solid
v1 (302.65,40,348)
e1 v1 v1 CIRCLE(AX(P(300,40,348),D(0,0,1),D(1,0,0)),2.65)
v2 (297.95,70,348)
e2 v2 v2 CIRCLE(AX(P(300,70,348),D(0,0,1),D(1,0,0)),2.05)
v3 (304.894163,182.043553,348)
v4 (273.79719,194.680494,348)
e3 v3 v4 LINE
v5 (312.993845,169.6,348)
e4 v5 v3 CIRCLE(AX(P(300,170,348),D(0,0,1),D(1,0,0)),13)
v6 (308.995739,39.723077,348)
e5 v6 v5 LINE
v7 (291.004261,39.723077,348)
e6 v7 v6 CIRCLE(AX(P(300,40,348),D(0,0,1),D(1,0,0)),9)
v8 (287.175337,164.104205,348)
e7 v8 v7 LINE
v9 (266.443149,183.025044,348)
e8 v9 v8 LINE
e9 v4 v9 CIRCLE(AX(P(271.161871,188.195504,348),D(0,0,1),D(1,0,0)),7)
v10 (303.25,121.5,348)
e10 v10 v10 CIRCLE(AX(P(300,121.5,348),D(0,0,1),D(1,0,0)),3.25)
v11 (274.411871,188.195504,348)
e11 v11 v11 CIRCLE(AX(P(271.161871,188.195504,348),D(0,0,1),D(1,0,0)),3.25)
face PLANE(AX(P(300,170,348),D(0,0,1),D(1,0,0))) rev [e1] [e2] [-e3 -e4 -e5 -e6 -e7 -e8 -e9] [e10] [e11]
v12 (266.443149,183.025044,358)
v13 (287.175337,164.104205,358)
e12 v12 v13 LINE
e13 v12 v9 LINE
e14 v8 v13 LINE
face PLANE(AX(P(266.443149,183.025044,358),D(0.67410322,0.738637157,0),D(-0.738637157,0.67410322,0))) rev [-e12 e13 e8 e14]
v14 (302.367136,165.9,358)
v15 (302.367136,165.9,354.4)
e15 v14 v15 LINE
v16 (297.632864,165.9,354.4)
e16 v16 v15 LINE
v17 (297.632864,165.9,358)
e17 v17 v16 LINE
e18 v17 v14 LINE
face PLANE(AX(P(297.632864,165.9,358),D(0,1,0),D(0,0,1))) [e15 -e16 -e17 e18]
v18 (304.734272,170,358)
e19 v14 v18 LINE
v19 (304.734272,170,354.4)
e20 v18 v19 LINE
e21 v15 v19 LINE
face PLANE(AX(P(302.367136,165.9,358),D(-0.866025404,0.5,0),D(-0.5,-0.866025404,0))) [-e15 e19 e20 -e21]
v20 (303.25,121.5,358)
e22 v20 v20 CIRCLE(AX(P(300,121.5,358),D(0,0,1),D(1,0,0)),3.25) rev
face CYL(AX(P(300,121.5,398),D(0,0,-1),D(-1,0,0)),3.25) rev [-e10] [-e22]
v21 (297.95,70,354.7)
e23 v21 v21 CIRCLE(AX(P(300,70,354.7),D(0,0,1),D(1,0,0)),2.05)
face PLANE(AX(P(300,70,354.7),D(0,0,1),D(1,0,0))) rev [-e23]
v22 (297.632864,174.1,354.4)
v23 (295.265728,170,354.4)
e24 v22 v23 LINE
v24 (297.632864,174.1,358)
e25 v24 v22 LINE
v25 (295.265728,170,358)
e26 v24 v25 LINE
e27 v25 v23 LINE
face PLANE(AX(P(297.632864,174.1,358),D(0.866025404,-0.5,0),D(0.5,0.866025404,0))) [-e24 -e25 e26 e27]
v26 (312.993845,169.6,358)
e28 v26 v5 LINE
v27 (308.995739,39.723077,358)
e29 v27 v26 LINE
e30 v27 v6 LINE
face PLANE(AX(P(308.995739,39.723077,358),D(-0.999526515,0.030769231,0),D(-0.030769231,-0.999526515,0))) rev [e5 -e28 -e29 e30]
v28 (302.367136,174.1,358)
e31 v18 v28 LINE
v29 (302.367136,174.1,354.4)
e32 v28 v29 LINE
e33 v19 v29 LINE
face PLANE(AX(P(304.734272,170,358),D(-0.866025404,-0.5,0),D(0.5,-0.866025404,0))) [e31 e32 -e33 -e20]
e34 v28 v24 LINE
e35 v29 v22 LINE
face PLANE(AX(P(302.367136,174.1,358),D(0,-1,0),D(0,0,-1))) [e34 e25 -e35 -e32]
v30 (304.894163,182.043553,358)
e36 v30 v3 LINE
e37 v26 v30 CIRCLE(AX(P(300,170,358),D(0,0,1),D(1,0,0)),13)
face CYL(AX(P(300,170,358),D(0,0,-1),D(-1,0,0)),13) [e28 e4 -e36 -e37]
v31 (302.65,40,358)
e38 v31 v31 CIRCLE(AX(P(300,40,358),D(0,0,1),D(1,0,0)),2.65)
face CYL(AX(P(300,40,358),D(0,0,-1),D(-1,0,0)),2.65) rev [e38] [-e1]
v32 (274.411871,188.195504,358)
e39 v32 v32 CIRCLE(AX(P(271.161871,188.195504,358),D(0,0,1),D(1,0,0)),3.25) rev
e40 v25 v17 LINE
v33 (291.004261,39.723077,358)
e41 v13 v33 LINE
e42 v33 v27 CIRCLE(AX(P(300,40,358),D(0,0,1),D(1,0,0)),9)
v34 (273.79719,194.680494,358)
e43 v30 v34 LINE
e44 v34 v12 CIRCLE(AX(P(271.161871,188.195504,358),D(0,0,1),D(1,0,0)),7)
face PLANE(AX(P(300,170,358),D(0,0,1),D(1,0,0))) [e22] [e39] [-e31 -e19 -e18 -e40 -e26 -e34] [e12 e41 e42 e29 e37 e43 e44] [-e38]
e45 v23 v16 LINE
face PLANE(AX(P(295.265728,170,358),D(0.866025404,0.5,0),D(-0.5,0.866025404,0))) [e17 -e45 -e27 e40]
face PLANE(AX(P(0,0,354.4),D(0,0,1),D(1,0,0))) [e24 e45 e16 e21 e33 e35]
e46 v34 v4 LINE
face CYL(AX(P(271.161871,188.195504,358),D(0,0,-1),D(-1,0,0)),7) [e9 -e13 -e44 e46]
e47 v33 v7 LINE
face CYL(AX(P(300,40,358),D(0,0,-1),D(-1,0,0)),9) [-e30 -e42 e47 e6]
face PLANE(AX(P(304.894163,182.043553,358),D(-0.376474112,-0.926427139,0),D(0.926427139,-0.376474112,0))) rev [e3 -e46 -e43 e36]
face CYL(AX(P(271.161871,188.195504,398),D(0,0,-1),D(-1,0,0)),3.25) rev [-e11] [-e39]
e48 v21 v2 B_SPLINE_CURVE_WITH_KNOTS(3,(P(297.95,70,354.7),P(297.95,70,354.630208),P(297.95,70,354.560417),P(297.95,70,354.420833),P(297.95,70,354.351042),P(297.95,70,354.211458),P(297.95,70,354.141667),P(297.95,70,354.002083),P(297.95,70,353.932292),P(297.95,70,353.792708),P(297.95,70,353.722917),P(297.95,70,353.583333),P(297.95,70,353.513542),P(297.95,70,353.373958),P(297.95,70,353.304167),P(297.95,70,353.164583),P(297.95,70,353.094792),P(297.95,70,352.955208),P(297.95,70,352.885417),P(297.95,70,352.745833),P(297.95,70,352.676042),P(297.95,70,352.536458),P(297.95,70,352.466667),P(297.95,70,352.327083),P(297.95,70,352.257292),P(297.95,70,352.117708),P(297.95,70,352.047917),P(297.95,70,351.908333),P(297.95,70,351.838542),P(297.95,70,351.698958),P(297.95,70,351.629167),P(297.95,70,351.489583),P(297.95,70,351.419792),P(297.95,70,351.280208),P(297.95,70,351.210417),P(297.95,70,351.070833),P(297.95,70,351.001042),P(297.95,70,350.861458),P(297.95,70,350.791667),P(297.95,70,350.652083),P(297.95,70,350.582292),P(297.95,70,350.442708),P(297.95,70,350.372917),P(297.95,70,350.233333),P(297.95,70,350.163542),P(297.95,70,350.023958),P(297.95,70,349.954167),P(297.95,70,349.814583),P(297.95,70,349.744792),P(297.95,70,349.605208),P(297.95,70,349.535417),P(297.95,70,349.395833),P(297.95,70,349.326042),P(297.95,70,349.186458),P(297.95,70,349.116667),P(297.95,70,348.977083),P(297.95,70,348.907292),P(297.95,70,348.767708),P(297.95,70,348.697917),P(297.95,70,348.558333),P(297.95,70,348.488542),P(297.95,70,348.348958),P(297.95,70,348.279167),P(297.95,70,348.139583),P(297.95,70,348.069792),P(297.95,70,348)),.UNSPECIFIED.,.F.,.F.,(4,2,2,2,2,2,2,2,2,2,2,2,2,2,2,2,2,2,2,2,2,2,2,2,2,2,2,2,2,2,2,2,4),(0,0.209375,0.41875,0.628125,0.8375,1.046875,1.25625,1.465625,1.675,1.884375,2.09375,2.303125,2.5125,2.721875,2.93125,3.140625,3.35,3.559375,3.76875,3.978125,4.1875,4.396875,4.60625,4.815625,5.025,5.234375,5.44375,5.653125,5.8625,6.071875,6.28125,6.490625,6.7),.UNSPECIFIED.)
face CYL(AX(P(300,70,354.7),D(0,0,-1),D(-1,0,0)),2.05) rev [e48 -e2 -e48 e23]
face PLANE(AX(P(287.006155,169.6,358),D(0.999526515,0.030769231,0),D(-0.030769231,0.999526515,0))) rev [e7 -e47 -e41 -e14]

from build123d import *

# Parameters (mm, degrees)
SKETCH1_R           = 2.6
SKETCH1_R_2         = 2.65
BOSS_EXTRUDE1_DEPTH = 10
BOSS_EXTRUDE2_DEPTH = 10
CUT_EXTRUDE1_DEPTH  = 3.6
SKETCH4_R           = 3.25
CUT_EXTRUDE2_DEPTH  = 50
SKETCH5_R           = 2.05
CUT_EXTRUDE3_DEPTH  = 6.7


with BuildPart() as part:
    # Sketch1 → Boss-Extrude1 (new body)
    with BuildSketch(Plane.XY.offset(348)):
        with BuildLine():
            Line((287.006155303, 169.6), (291.004261364, 39.723076923))
            ThreePointArc((291.004261364, 39.723076923), (300, 31), (308.995738636, 39.723076923))
            Line((308.995738636, 39.723076923), (312.993844697, 169.6))
            ThreePointArc((312.993844697, 169.6), (300, 183), (287.006155303, 169.6))
        make_face()
        with Locations((300, 170)):
            Circle(SKETCH1_R, mode=Mode.SUBTRACT)
        with Locations((300, 40)):
            Circle(SKETCH1_R_2, mode=Mode.SUBTRACT)
    extrude(amount=BOSS_EXTRUDE1_DEPTH)

    # Sketch2 → Boss-Extrude2 (add)
    with BuildSketch(Plane.XY.offset(348)):
        with BuildLine():
            Line((304.894163453, 182.043552802), (273.797189857, 194.680494259))
            ThreePointArc((273.797189857, 194.680494259), (265.241776322, 191.9308059), (266.443148538, 183.025044191))
            Line((266.443148538, 183.025044191), (291.236658146, 160.397716962))
            ThreePointArc((291.236658146, 160.397716962), (310.994461682, 163.063011293), (304.894163453, 182.043552802))
        make_face()
    extrude(amount=BOSS_EXTRUDE2_DEPTH)

    # Sketch3 → Cut-Extrude1 (cut)
    with BuildSketch(Plane.XY.offset(354.4)):
        Polygon((304.734272207, 170), (302.367136104, 174.1), (297.632863896, 174.1), (295.265727793, 170), (297.632863896, 165.9), (302.367136104, 165.9), align=None)
    extrude(amount=CUT_EXTRUDE1_DEPTH, mode=Mode.SUBTRACT)

    # Sketch4 → Cut-Extrude2 (cut)
    with BuildSketch(Plane.XY.offset(348)):
        with Locations((300, 121.5)):
            Circle(SKETCH4_R)
        with Locations((271.161871074, 188.195504288)):
            Circle(SKETCH4_R)
    extrude(amount=CUT_EXTRUDE2_DEPTH, mode=Mode.SUBTRACT)

    # Sketch5 → Cut-Extrude3 (cut)
    with BuildSketch(Plane.XY.offset(348)):
        with Locations((300, 70)):
            Circle(SKETCH5_R)
    extrude(amount=CUT_EXTRUDE3_DEPTH, mode=Mode.SUBTRACT)


solid = part.part
